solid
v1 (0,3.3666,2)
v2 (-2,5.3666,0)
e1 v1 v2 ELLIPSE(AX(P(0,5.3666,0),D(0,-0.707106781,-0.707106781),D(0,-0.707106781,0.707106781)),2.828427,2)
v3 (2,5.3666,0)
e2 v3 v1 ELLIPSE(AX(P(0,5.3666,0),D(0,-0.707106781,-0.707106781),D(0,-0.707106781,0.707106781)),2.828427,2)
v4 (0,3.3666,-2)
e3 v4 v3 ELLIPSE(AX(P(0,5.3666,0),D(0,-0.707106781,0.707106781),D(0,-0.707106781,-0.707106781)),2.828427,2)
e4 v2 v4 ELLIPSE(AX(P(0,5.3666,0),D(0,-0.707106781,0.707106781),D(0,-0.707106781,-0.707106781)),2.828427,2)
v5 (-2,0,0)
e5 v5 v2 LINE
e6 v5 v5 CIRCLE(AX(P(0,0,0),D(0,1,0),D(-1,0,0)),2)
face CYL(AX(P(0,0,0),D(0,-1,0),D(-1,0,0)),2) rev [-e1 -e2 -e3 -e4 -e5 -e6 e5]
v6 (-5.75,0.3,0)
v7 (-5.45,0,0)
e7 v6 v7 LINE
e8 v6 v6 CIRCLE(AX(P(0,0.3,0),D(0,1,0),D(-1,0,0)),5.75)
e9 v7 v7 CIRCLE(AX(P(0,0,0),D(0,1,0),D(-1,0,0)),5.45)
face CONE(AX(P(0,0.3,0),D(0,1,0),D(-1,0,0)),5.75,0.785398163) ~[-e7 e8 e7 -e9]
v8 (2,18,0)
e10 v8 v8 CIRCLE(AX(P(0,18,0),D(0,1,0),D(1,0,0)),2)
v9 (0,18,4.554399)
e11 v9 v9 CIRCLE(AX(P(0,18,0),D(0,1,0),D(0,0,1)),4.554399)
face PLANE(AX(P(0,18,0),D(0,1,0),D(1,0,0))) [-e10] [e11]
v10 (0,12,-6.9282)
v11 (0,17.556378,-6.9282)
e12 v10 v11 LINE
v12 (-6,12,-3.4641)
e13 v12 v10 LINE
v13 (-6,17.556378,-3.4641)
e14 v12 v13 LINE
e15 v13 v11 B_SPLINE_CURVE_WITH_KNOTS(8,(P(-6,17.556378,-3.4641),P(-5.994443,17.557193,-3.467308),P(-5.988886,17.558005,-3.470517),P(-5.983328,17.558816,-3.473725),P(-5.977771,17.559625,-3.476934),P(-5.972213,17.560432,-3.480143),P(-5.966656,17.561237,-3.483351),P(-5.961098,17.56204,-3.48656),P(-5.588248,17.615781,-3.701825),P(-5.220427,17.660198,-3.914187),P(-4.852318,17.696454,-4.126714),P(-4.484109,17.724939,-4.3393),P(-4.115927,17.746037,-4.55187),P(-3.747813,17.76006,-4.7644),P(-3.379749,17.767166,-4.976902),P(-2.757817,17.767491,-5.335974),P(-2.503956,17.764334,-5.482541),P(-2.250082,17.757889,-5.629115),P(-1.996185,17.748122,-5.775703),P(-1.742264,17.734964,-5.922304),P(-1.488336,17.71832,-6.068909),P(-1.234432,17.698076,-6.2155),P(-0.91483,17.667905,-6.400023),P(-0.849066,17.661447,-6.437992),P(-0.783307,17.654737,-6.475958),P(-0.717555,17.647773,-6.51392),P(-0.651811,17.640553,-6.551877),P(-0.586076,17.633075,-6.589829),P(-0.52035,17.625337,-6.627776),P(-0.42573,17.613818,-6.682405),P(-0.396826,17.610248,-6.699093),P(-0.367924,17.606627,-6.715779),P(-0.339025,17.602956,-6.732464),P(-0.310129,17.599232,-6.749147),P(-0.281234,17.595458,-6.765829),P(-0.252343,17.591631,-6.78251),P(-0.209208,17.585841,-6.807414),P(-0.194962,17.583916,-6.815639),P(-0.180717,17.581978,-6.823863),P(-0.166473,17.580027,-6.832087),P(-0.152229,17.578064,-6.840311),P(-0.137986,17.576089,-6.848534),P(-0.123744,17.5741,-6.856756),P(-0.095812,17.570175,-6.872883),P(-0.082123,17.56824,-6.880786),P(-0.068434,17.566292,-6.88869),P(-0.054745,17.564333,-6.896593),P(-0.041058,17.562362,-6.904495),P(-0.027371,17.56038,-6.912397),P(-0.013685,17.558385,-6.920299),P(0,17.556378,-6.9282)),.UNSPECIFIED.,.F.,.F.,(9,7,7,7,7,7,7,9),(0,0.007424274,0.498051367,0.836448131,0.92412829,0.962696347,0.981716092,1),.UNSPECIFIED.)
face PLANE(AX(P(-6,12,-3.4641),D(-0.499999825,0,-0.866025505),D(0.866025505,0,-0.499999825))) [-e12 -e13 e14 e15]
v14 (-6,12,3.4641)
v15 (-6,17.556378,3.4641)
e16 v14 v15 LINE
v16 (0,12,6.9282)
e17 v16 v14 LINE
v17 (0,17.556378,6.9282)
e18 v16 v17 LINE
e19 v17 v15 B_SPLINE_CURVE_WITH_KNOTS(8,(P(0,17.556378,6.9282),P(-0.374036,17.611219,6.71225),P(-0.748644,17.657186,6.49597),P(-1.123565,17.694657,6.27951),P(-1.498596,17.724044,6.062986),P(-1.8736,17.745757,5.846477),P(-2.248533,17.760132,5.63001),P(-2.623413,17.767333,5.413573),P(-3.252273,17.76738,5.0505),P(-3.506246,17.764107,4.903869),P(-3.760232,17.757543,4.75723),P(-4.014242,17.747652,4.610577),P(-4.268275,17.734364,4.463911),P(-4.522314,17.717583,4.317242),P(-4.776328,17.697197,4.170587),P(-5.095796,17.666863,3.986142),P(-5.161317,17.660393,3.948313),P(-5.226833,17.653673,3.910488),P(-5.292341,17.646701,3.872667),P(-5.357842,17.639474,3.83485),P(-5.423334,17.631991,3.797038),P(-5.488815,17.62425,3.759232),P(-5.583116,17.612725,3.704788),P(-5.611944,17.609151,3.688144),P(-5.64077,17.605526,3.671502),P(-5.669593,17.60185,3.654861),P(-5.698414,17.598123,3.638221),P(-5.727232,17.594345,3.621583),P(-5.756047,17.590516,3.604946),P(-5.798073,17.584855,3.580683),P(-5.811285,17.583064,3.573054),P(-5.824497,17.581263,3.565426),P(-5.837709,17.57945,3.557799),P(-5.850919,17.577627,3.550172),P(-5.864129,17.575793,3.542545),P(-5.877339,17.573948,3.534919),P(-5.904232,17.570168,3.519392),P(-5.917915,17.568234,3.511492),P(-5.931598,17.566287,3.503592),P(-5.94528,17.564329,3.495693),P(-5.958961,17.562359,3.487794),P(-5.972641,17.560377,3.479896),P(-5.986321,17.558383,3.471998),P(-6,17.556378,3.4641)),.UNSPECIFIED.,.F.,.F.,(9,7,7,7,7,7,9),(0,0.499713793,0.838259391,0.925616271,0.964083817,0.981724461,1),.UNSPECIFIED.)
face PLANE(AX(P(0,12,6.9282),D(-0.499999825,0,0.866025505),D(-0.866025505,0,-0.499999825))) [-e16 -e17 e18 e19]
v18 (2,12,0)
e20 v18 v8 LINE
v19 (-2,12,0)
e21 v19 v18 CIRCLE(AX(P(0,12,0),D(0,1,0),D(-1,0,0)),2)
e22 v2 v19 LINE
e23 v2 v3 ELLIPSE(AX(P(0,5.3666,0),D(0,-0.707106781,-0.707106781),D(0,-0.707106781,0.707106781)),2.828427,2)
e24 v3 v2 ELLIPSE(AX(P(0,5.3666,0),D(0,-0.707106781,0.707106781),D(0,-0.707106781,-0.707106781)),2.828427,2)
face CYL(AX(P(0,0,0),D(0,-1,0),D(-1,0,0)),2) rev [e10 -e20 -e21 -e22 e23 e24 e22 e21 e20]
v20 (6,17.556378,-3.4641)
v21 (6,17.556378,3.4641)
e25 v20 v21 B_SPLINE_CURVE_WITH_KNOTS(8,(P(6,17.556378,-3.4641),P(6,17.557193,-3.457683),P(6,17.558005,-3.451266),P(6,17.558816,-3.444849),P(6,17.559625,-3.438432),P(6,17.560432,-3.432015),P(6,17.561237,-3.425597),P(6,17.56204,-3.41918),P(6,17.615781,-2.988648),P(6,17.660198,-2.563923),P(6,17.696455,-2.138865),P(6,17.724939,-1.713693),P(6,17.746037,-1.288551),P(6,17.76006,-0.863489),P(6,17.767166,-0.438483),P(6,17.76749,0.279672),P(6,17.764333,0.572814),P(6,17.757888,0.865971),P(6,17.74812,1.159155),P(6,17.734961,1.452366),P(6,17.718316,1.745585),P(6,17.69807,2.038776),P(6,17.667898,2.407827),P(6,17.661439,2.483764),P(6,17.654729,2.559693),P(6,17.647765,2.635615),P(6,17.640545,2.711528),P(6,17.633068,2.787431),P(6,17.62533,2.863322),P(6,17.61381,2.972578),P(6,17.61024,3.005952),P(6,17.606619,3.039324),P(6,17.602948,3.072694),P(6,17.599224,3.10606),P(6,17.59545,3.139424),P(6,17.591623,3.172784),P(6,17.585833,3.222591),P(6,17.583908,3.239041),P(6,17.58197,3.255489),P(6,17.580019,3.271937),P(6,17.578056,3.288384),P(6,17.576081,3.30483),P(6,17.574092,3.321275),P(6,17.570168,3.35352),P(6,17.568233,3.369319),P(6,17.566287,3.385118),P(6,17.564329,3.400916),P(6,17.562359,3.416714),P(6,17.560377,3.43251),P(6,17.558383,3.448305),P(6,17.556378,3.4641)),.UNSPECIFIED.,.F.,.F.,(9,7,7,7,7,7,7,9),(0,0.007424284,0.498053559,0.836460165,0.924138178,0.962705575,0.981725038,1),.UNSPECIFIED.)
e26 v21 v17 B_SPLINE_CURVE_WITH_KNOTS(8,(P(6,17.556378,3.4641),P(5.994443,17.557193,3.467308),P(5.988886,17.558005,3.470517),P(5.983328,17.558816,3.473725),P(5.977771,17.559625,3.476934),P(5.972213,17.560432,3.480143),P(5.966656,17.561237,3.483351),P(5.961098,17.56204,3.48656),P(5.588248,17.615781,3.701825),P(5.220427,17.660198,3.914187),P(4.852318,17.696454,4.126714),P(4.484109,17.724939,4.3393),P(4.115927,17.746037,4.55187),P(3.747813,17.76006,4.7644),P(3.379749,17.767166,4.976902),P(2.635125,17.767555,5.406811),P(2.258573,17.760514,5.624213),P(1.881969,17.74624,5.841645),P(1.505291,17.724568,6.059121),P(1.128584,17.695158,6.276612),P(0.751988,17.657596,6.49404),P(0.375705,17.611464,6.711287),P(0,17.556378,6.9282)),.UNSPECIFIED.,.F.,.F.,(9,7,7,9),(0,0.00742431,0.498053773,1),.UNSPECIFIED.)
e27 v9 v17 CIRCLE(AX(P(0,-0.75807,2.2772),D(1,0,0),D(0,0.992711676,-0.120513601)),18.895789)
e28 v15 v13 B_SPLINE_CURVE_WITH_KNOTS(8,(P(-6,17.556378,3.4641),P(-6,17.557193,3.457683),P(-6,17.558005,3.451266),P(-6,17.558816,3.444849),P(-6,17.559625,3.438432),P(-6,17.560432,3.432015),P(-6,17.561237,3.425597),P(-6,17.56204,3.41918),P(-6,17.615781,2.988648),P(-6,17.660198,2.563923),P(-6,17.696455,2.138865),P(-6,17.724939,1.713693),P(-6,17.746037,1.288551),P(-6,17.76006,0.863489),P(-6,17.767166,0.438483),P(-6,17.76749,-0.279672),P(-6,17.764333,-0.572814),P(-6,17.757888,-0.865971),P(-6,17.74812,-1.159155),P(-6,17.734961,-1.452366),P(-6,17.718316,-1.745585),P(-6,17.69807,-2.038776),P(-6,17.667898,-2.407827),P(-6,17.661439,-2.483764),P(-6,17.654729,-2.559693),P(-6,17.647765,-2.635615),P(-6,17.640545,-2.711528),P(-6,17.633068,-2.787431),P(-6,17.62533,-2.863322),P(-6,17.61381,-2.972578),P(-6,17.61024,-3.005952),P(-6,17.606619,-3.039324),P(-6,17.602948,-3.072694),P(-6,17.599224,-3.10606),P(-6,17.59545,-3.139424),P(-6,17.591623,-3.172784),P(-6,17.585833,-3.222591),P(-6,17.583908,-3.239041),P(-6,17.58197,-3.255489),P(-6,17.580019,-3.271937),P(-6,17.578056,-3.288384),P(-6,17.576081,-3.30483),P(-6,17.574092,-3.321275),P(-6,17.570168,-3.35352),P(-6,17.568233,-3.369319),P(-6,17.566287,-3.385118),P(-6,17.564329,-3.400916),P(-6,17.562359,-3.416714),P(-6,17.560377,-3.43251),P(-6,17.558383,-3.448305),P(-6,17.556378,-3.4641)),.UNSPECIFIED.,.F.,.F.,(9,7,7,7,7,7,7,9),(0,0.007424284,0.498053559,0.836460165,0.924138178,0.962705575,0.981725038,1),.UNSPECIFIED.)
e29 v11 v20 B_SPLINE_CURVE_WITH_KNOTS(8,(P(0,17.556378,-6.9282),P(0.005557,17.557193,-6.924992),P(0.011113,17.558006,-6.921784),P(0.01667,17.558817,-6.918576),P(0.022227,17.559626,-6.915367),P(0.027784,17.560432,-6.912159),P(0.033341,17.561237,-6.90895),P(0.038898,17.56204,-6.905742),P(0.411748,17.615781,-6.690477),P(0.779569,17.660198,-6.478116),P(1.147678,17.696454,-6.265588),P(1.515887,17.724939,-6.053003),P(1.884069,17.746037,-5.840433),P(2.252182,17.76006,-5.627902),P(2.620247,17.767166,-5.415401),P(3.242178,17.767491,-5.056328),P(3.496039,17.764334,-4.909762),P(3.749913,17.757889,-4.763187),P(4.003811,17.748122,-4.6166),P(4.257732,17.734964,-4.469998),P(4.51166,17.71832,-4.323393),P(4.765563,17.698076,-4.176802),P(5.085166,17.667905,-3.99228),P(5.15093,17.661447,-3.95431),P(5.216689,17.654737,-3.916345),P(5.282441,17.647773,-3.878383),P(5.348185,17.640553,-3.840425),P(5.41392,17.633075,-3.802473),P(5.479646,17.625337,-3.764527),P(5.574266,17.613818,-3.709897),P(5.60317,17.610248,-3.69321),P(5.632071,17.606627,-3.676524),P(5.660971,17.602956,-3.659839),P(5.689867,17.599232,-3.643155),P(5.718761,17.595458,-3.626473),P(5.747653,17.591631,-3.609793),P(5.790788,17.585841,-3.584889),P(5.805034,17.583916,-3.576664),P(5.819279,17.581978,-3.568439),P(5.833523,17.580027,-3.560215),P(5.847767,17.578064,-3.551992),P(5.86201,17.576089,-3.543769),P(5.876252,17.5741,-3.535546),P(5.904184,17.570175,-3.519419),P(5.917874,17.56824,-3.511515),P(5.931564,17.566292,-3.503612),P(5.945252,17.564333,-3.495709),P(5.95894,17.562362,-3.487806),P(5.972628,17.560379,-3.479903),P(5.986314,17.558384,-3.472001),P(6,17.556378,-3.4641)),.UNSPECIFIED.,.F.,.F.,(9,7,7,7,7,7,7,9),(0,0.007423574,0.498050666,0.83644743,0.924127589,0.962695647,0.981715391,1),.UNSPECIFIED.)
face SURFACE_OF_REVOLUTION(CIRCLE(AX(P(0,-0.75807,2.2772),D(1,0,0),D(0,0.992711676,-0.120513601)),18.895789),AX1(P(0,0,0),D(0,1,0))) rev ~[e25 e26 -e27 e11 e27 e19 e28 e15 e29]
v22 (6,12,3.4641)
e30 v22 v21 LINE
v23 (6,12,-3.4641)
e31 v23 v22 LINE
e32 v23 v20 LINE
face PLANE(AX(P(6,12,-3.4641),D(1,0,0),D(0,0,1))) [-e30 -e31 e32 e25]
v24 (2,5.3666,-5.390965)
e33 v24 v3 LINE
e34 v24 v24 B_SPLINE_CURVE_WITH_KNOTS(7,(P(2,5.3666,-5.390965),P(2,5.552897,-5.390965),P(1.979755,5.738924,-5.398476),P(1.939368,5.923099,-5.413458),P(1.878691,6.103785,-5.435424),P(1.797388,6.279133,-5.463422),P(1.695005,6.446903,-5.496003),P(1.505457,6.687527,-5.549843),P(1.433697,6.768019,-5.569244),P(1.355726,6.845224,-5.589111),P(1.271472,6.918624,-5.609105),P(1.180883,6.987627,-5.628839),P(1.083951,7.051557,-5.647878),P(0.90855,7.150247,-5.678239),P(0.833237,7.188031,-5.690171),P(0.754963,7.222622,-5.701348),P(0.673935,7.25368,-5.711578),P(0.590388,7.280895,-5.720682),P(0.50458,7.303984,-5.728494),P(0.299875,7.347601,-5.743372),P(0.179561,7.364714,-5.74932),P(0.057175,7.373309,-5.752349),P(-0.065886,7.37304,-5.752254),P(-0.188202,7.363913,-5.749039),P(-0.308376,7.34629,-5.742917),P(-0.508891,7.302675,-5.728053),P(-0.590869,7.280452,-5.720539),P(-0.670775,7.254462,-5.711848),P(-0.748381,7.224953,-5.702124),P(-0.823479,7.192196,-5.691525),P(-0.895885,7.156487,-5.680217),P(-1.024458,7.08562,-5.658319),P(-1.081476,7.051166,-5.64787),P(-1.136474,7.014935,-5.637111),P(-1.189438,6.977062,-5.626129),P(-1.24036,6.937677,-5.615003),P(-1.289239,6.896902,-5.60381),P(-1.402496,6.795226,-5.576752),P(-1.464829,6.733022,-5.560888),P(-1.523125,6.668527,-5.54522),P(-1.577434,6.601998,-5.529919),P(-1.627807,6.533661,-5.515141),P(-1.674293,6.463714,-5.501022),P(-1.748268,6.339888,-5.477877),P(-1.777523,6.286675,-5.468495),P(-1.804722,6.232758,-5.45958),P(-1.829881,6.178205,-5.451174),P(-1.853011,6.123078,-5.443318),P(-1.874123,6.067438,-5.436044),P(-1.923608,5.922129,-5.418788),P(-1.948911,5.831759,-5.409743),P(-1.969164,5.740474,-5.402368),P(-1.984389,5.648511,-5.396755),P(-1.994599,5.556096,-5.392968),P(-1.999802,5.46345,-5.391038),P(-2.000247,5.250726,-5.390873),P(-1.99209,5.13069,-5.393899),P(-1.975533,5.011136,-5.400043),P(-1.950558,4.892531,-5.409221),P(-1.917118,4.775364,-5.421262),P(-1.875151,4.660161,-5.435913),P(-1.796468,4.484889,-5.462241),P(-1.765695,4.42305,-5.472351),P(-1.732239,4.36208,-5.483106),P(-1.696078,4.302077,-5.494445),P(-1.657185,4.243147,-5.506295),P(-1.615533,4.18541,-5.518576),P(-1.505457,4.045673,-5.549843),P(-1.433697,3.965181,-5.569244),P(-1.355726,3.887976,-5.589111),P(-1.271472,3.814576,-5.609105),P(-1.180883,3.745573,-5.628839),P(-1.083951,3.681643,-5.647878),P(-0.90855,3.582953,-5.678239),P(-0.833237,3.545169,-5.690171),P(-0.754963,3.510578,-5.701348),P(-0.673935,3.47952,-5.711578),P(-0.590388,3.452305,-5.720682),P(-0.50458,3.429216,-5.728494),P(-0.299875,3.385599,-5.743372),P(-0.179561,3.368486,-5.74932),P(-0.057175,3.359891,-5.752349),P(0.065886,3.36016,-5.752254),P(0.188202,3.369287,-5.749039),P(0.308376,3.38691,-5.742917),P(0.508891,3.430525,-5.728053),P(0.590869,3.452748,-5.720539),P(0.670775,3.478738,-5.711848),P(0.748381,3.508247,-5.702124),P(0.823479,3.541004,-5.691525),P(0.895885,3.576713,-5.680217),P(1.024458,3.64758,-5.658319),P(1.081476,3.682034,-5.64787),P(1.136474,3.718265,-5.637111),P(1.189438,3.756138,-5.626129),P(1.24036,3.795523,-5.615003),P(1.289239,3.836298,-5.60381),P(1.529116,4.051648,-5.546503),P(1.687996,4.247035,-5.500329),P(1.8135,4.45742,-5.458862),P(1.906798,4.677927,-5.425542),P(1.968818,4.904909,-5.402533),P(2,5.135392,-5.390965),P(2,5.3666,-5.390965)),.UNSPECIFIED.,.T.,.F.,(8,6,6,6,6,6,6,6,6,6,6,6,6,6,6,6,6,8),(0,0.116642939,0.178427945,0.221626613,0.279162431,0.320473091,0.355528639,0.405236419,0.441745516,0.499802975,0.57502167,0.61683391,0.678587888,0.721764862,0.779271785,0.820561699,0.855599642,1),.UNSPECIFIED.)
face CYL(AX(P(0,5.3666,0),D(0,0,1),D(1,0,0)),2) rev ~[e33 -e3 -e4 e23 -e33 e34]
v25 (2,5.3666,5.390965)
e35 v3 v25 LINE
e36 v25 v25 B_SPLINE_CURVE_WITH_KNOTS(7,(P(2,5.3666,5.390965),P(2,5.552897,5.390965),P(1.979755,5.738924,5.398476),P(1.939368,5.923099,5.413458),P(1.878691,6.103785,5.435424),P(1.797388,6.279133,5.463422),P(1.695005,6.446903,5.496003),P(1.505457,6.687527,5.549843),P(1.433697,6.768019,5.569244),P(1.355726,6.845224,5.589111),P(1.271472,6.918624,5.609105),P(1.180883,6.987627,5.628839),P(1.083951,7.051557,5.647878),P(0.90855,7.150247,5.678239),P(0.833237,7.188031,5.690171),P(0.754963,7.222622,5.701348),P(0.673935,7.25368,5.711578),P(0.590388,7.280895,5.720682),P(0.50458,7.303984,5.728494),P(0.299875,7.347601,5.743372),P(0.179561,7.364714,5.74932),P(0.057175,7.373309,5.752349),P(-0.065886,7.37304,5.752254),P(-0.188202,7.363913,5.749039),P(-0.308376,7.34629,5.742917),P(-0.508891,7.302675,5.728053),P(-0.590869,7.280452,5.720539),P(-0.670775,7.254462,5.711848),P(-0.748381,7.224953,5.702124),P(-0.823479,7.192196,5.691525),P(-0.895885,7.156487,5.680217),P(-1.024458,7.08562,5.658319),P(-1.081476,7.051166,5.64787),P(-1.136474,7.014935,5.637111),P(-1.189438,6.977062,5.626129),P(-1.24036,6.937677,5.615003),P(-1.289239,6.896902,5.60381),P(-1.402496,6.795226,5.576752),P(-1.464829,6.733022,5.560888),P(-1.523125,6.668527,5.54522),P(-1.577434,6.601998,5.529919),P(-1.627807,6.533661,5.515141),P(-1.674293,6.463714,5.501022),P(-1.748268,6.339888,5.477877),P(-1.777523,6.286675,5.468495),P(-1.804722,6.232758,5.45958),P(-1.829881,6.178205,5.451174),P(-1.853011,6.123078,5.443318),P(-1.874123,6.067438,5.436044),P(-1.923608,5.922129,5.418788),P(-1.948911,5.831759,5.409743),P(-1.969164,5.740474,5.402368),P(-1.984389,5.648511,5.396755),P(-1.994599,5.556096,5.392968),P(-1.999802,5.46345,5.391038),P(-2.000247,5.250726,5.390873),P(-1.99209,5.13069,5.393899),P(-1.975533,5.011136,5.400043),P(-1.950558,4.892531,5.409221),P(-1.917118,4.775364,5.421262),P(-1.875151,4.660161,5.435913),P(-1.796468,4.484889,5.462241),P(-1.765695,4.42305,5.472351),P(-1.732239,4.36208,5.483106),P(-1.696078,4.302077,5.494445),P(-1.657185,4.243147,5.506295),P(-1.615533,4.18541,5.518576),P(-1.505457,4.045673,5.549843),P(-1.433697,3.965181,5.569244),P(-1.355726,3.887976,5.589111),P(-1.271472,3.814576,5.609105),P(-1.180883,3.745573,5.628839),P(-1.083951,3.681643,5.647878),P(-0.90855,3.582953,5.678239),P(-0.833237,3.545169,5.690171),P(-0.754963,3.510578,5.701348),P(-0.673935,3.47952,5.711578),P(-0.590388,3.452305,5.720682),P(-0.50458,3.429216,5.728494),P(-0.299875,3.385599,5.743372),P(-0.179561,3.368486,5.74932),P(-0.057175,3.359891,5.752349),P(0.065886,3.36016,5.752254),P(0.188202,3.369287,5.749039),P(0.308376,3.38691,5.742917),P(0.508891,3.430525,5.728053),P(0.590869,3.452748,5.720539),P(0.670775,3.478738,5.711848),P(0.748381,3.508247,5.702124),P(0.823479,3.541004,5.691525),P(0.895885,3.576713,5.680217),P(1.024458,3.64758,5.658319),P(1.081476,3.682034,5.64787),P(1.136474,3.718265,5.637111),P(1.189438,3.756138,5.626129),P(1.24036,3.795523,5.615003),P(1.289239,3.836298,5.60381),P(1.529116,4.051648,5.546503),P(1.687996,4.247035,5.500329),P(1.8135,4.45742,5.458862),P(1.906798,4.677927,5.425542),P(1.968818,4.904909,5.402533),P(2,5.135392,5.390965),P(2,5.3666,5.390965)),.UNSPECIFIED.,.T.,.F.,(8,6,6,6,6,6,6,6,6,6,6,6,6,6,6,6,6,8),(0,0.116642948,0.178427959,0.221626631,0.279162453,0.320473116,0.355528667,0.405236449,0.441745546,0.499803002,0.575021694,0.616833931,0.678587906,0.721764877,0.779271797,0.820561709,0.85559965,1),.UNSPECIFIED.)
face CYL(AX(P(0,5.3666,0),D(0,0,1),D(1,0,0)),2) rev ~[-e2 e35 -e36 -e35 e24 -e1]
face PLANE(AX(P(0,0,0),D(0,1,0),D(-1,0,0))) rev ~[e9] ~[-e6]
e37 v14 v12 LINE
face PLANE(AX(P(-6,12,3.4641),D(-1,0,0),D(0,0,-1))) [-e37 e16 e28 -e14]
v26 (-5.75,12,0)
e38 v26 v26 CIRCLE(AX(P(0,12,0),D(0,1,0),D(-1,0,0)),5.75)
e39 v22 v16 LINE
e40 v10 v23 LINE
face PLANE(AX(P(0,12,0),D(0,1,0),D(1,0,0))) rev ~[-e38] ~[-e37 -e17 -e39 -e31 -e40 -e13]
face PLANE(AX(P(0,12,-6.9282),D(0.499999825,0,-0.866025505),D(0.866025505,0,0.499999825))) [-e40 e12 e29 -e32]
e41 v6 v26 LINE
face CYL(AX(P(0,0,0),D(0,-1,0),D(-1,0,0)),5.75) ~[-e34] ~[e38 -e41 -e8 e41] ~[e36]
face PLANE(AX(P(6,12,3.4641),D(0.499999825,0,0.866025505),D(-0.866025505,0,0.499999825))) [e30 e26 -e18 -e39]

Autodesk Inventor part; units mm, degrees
ref_plane "YZ Plane" through (0, 0, 0) normal (1, 0, 0) x (0, 1, 0)
ref_plane "XZ Plane" through (0, 0, 0) normal (0, 1, 0) x (-1, 0, 0)
ref_plane "XY Plane" through (0, 0, 0) normal (0, 0, 1) x (1, 0, 0)
sketch "Sketch1" plane through (0, 0, 0) normal (0, 1, 0) x (-1, 0, 0)
  circle A0 centre (0, 0) radius 5.75
  circle A1 centre (0, 0) radius 2
  dimension "d0" = 4
  dimension "d1" = 11.5
extrude "Extrusion1" add sketch "Sketch1" along normal blind 12
sketch "Sketch2" plane through (0, 12, 0) normal (0, 1, 0) x (1, 0, 0)
  circle A0 centre (0, 0) radius 2
  line L0 (0, 6.9282) -> (6, 3.4641)
  line L1 (6, 3.4641) -> (6, -3.4641)
  line L2 (6, -3.4641) -> (0, -6.9282)
  line L3 (0, -6.9282) -> (-6, -3.4641)
  line L4 (-6, -3.4641) -> (-6, 3.4641)
  line L5 (-6, 3.4641) -> (0, 6.9282)
  dimension "d4" = 12
extrude "Extrusion2" add sketch "Sketch2" along normal blind 6
chamfer "Chamfer1" distance 0.3 angle 45 1 edges at (5.75, 0, 0)
sketch "Sketch3" plane through (0, 0, 0) normal (1, 0, 0) x (0, 1, 0)
  line L0 (16.8879, 9.0352) -> (19.8879, 9.0352)
  line L1 (18, 2) -> (18, -2) projected
  line L2 (18, 3.4641) -> (18, 6.9282) projected
  line L3 (-31.6303, 0) -> (26.5625, 0) projected
  line L4 (19.8879, 9.0352) -> (19.8879, 0)
  line L5 (19.8879, 0) -> (18, 0)
  arc A0 (18, 0) -> (16.8879, 9.0352) centre (-0.7575, 2.2772) ccw
  point P0 (0, 0)
  dimension "d10" = 9.0352
  dimension "d11" = 3
revolve "Revolution1" cut sketch "Sketch3" angle 360 about axis through (0, 0, 0) along (0, 1, 0)
sketch "Sketch4" plane through (0, 0, 0) normal (0, 0, 1) x (1, 0, 0)
  line L0 (0, 0) -> (0, 5.3666) construction
  circle A0 centre (0, 5.3666) radius 2
  dimension "d13" = 4
extrude "Extrusion3" cut sketch "Sketch4" against normal mid plane 30
thread "Thread1" size "M4x0.7" class "6H" standard "ANSI Metric M Profile" length 180
thread "Thread2" size "M4x0.7" class "6H" standard "ANSI Metric M Profile" length 180
properties part number "Coupler"
